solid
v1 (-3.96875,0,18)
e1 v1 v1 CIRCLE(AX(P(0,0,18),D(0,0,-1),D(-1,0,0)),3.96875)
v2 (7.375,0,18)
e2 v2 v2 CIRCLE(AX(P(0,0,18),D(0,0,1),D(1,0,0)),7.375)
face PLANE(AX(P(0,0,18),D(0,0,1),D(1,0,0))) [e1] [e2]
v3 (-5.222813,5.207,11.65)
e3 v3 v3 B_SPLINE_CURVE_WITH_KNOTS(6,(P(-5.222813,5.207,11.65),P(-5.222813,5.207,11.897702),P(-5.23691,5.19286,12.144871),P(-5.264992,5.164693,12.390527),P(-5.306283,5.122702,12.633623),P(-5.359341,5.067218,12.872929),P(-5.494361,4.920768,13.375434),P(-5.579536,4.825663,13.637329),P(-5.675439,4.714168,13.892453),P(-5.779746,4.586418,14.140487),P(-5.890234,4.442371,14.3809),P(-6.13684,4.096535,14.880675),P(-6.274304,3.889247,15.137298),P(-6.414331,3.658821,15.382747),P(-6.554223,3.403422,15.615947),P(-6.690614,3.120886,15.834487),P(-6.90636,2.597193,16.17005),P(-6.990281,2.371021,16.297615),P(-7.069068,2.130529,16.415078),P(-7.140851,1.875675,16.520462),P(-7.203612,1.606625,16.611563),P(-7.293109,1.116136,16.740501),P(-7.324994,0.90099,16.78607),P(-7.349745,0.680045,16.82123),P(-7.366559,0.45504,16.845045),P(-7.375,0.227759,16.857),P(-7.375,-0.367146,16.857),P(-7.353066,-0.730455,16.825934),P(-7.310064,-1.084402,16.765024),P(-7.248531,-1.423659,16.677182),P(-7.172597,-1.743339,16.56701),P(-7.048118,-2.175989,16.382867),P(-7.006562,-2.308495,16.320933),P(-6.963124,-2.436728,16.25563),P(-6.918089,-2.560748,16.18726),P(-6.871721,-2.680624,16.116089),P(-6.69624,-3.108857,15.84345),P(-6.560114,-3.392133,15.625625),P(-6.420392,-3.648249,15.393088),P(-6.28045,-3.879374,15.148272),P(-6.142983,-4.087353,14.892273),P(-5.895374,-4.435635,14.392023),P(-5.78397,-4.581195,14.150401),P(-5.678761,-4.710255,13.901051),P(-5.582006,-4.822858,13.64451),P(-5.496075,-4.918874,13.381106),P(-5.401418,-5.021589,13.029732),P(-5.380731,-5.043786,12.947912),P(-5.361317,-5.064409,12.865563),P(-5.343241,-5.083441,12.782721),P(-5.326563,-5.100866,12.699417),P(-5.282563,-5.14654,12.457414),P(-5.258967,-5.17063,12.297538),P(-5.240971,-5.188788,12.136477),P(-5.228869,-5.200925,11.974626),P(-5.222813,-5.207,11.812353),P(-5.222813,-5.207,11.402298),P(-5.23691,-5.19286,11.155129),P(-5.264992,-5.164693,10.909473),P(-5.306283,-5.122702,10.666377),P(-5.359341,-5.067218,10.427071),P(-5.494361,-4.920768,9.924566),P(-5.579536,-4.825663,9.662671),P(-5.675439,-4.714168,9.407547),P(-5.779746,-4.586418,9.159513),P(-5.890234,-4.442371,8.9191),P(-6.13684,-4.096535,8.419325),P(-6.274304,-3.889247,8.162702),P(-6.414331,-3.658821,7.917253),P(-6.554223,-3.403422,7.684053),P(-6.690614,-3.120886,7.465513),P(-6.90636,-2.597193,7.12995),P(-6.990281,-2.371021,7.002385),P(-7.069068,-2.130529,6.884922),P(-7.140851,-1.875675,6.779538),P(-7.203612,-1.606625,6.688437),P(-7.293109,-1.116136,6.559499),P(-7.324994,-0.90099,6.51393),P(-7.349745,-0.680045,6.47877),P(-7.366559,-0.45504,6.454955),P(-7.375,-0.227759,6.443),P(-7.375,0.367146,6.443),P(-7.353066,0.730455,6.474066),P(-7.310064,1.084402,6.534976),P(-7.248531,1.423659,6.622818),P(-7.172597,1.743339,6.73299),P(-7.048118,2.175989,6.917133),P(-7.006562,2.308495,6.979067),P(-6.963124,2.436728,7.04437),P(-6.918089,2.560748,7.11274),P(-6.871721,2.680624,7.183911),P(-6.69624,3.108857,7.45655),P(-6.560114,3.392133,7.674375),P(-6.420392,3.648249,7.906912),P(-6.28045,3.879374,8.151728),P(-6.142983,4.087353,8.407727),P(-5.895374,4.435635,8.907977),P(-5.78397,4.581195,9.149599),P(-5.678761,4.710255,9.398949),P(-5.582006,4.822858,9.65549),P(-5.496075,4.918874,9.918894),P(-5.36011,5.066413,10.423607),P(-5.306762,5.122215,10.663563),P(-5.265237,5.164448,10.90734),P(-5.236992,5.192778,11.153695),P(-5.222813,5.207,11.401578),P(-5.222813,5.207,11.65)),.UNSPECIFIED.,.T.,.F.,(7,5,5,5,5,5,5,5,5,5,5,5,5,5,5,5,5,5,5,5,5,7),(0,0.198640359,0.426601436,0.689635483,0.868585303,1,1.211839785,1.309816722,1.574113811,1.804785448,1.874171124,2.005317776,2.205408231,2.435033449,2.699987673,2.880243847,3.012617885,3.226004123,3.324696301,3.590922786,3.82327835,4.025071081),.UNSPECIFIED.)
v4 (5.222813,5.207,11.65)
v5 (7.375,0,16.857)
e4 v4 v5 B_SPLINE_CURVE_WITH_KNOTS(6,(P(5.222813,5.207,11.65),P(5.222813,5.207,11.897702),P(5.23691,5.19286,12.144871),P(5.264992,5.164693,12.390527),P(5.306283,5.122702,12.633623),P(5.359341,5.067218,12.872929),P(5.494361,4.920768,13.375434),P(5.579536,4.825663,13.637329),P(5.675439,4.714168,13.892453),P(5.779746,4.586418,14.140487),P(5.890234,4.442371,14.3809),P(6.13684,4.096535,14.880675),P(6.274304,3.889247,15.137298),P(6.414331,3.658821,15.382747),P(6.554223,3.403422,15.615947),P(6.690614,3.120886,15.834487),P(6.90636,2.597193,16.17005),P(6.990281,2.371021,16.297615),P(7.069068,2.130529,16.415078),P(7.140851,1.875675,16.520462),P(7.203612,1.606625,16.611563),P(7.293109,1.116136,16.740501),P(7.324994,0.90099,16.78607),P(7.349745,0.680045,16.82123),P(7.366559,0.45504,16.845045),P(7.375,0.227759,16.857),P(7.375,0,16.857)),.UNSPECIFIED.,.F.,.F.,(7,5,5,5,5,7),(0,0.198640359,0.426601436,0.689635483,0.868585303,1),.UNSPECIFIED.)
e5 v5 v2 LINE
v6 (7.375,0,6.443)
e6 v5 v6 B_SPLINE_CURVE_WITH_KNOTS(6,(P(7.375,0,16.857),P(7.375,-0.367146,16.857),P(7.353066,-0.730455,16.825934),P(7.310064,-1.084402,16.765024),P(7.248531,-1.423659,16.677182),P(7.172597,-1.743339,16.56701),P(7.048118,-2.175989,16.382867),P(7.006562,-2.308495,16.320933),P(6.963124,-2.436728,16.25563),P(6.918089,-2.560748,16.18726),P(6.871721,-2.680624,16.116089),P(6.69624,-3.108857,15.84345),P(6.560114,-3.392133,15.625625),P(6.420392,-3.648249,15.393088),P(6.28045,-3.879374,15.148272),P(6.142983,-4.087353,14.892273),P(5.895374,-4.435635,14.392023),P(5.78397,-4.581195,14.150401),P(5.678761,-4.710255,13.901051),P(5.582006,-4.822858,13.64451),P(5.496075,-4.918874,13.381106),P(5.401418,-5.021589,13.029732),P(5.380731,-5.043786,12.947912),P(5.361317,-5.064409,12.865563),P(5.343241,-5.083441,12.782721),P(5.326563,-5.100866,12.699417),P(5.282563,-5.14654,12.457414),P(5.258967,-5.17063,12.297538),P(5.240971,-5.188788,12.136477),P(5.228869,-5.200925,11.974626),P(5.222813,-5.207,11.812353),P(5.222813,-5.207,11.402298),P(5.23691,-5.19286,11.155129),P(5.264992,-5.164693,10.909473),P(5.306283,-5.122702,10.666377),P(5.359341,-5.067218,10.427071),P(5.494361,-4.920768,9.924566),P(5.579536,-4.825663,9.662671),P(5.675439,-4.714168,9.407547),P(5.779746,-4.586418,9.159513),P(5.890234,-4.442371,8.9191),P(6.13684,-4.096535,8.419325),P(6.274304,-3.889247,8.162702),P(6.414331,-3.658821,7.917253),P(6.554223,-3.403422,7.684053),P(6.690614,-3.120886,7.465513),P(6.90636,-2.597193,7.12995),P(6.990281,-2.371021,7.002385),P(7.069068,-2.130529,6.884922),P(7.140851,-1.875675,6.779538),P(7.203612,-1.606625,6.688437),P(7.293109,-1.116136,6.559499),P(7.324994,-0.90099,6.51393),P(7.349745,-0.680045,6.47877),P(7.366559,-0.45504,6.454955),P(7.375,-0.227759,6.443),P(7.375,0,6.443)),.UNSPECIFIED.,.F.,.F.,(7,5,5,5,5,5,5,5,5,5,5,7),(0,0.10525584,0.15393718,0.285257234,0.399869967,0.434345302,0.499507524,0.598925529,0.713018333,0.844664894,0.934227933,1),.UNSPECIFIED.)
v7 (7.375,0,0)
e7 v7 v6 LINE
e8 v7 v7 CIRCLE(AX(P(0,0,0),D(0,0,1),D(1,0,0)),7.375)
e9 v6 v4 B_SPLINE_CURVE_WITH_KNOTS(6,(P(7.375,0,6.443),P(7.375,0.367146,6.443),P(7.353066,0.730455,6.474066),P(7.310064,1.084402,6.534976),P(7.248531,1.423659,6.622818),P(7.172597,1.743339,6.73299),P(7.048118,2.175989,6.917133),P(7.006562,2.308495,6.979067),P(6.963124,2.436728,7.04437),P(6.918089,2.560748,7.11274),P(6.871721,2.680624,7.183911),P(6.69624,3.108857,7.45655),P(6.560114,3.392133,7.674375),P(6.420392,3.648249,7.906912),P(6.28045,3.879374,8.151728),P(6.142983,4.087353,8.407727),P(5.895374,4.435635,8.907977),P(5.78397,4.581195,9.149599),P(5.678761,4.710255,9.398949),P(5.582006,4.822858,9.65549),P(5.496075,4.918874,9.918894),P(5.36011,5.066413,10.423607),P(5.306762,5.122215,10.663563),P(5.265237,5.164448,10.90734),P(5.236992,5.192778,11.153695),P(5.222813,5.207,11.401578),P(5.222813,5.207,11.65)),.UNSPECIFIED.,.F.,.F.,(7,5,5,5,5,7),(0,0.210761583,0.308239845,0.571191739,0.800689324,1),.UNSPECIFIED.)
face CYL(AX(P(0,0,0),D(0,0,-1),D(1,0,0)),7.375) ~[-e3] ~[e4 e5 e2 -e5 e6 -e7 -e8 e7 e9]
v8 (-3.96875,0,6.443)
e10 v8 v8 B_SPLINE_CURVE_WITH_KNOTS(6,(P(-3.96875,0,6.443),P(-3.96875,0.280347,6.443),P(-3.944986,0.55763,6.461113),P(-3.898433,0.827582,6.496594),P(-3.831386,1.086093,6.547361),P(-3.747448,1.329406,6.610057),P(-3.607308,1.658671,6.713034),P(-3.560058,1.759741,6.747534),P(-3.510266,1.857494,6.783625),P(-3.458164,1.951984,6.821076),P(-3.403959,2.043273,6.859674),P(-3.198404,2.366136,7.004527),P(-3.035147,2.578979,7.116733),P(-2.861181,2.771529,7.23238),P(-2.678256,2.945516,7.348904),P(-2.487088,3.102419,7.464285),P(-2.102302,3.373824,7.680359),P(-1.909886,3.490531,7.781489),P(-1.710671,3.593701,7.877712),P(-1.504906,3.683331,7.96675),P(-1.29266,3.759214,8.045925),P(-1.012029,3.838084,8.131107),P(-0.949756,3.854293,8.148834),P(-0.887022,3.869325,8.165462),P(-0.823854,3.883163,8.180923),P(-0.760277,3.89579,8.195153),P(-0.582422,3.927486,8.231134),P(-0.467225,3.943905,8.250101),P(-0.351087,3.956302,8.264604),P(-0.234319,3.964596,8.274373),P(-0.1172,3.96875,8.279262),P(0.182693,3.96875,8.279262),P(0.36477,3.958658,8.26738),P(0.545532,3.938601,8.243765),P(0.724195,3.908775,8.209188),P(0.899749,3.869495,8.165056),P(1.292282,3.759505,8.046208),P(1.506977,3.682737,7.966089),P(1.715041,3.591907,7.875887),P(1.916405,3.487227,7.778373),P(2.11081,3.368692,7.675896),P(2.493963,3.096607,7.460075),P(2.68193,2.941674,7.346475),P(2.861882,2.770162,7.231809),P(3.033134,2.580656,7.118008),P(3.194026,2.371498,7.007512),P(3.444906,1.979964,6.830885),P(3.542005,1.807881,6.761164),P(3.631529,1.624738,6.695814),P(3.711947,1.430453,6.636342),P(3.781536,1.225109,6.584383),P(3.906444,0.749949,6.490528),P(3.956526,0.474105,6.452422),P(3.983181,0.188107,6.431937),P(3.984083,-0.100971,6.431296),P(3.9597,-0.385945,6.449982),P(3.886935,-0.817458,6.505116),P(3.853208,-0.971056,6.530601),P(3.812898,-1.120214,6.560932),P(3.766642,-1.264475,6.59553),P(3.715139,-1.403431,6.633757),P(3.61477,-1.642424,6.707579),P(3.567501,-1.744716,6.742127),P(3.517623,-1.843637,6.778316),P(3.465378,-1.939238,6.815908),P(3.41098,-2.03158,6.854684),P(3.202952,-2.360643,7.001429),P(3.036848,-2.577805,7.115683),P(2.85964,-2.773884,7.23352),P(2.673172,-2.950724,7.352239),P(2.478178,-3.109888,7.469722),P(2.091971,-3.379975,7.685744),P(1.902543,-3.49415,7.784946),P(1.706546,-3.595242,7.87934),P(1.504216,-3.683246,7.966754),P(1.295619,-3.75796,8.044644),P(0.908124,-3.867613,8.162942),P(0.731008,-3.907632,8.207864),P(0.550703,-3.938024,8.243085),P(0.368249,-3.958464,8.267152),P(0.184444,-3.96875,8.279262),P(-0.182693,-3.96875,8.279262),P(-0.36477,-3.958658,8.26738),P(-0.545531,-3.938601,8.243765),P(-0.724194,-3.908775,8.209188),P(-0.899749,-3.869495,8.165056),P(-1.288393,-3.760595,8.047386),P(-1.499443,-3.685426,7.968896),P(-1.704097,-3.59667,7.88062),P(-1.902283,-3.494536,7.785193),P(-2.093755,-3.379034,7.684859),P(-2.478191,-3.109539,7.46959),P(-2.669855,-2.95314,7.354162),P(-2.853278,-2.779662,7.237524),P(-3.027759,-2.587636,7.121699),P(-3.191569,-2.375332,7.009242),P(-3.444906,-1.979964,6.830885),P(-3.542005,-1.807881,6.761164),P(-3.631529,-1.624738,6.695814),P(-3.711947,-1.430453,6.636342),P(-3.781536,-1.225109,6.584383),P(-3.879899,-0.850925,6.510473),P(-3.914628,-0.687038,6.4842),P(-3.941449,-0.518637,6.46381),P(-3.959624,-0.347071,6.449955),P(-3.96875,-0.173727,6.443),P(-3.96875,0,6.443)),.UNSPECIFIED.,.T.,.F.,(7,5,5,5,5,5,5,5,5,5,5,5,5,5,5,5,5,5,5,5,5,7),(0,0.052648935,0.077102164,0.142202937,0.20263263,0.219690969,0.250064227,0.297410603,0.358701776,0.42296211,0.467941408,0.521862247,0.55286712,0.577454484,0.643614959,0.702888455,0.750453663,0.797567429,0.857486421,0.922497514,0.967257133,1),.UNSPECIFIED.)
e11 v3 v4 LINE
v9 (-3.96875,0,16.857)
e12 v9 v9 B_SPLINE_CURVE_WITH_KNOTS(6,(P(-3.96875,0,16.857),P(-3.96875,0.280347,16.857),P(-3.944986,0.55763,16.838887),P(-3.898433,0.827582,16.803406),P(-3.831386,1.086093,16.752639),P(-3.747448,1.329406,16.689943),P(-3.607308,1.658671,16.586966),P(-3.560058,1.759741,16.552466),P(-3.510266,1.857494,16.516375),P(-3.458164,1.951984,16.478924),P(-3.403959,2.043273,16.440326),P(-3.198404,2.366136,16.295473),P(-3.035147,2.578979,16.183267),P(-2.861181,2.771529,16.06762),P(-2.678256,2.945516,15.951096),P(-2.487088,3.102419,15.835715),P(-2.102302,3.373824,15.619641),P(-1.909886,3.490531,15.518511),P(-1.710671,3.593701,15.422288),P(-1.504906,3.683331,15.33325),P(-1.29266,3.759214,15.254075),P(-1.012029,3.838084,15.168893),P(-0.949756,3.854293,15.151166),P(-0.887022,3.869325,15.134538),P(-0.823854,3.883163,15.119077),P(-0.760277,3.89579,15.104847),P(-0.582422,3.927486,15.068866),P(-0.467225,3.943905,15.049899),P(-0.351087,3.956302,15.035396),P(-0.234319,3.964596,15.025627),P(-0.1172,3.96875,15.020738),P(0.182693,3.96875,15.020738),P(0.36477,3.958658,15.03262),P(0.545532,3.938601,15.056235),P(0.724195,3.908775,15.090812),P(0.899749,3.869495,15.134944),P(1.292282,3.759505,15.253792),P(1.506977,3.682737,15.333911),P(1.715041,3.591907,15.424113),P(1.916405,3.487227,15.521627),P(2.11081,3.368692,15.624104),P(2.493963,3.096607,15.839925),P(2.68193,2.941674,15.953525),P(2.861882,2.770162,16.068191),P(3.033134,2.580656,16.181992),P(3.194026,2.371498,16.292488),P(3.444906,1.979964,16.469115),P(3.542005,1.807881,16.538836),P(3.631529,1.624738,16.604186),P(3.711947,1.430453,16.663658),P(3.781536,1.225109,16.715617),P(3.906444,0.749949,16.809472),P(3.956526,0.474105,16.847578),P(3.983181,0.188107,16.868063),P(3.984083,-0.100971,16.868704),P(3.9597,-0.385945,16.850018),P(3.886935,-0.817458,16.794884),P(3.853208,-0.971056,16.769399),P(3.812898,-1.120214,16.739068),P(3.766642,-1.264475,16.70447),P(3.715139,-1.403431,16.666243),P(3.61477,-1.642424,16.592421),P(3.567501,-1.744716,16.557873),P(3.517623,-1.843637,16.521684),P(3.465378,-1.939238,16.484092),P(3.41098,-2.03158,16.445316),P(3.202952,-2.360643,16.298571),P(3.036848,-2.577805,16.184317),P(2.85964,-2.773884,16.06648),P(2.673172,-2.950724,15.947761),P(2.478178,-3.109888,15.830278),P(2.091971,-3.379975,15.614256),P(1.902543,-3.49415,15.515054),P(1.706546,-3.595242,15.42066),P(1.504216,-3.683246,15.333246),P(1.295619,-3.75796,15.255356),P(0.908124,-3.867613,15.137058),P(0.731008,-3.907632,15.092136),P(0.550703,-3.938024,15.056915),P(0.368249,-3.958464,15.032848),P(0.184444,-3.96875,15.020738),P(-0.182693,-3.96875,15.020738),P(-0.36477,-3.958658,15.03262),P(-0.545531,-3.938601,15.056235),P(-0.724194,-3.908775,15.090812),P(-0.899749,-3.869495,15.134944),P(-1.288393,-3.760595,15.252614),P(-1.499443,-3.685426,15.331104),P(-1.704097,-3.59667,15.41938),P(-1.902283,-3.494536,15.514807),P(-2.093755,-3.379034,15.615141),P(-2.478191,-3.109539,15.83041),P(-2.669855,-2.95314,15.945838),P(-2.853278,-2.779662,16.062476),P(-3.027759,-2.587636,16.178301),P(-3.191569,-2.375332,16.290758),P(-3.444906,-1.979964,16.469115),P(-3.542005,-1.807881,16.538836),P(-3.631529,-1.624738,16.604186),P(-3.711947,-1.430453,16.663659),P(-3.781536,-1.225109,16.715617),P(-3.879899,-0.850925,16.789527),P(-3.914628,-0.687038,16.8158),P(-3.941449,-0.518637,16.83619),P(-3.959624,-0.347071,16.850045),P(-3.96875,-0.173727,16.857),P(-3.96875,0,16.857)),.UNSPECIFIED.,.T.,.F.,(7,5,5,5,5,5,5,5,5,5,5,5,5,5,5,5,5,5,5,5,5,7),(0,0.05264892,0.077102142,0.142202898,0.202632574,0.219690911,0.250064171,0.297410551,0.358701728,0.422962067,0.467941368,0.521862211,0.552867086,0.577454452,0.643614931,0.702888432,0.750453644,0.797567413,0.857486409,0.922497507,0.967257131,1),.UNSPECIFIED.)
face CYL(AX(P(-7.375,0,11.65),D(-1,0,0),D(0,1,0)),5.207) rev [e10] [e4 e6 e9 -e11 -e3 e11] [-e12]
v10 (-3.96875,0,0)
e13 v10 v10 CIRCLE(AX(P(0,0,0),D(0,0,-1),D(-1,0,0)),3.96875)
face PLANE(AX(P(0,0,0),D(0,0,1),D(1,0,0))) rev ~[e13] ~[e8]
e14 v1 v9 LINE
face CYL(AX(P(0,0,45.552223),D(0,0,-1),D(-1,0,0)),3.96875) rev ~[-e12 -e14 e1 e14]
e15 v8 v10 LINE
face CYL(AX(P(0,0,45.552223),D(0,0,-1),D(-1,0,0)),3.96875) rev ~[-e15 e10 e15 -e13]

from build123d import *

# Parameters (mm, degrees)
F0_R     = 7.375
F1_DEPTH = 18
F4_R     = 5.207
F5_DEPTH = 14.751
F6_D     = 7.9375


with BuildPart() as f1:
    # F0 (on Top) → F1 (new body)
    with BuildSketch(Plane.XY):
        Circle(F0_R)
    extrude(amount=F1_DEPTH)

    # F4 (on plane+point) → F5 (cut, through all)
    with BuildSketch(Plane.YZ.offset(-7.375)):
        with Locations((0, 11.65)):
            Circle(F4_R)
    extrude(amount=F5_DEPTH, mode=Mode.SUBTRACT)

    # F6 (through all)
    with Locations(Plane.XY.offset(18)):
        with Locations((0, 0)):
            Hole(F6_D / 2)


solid = f1.part
